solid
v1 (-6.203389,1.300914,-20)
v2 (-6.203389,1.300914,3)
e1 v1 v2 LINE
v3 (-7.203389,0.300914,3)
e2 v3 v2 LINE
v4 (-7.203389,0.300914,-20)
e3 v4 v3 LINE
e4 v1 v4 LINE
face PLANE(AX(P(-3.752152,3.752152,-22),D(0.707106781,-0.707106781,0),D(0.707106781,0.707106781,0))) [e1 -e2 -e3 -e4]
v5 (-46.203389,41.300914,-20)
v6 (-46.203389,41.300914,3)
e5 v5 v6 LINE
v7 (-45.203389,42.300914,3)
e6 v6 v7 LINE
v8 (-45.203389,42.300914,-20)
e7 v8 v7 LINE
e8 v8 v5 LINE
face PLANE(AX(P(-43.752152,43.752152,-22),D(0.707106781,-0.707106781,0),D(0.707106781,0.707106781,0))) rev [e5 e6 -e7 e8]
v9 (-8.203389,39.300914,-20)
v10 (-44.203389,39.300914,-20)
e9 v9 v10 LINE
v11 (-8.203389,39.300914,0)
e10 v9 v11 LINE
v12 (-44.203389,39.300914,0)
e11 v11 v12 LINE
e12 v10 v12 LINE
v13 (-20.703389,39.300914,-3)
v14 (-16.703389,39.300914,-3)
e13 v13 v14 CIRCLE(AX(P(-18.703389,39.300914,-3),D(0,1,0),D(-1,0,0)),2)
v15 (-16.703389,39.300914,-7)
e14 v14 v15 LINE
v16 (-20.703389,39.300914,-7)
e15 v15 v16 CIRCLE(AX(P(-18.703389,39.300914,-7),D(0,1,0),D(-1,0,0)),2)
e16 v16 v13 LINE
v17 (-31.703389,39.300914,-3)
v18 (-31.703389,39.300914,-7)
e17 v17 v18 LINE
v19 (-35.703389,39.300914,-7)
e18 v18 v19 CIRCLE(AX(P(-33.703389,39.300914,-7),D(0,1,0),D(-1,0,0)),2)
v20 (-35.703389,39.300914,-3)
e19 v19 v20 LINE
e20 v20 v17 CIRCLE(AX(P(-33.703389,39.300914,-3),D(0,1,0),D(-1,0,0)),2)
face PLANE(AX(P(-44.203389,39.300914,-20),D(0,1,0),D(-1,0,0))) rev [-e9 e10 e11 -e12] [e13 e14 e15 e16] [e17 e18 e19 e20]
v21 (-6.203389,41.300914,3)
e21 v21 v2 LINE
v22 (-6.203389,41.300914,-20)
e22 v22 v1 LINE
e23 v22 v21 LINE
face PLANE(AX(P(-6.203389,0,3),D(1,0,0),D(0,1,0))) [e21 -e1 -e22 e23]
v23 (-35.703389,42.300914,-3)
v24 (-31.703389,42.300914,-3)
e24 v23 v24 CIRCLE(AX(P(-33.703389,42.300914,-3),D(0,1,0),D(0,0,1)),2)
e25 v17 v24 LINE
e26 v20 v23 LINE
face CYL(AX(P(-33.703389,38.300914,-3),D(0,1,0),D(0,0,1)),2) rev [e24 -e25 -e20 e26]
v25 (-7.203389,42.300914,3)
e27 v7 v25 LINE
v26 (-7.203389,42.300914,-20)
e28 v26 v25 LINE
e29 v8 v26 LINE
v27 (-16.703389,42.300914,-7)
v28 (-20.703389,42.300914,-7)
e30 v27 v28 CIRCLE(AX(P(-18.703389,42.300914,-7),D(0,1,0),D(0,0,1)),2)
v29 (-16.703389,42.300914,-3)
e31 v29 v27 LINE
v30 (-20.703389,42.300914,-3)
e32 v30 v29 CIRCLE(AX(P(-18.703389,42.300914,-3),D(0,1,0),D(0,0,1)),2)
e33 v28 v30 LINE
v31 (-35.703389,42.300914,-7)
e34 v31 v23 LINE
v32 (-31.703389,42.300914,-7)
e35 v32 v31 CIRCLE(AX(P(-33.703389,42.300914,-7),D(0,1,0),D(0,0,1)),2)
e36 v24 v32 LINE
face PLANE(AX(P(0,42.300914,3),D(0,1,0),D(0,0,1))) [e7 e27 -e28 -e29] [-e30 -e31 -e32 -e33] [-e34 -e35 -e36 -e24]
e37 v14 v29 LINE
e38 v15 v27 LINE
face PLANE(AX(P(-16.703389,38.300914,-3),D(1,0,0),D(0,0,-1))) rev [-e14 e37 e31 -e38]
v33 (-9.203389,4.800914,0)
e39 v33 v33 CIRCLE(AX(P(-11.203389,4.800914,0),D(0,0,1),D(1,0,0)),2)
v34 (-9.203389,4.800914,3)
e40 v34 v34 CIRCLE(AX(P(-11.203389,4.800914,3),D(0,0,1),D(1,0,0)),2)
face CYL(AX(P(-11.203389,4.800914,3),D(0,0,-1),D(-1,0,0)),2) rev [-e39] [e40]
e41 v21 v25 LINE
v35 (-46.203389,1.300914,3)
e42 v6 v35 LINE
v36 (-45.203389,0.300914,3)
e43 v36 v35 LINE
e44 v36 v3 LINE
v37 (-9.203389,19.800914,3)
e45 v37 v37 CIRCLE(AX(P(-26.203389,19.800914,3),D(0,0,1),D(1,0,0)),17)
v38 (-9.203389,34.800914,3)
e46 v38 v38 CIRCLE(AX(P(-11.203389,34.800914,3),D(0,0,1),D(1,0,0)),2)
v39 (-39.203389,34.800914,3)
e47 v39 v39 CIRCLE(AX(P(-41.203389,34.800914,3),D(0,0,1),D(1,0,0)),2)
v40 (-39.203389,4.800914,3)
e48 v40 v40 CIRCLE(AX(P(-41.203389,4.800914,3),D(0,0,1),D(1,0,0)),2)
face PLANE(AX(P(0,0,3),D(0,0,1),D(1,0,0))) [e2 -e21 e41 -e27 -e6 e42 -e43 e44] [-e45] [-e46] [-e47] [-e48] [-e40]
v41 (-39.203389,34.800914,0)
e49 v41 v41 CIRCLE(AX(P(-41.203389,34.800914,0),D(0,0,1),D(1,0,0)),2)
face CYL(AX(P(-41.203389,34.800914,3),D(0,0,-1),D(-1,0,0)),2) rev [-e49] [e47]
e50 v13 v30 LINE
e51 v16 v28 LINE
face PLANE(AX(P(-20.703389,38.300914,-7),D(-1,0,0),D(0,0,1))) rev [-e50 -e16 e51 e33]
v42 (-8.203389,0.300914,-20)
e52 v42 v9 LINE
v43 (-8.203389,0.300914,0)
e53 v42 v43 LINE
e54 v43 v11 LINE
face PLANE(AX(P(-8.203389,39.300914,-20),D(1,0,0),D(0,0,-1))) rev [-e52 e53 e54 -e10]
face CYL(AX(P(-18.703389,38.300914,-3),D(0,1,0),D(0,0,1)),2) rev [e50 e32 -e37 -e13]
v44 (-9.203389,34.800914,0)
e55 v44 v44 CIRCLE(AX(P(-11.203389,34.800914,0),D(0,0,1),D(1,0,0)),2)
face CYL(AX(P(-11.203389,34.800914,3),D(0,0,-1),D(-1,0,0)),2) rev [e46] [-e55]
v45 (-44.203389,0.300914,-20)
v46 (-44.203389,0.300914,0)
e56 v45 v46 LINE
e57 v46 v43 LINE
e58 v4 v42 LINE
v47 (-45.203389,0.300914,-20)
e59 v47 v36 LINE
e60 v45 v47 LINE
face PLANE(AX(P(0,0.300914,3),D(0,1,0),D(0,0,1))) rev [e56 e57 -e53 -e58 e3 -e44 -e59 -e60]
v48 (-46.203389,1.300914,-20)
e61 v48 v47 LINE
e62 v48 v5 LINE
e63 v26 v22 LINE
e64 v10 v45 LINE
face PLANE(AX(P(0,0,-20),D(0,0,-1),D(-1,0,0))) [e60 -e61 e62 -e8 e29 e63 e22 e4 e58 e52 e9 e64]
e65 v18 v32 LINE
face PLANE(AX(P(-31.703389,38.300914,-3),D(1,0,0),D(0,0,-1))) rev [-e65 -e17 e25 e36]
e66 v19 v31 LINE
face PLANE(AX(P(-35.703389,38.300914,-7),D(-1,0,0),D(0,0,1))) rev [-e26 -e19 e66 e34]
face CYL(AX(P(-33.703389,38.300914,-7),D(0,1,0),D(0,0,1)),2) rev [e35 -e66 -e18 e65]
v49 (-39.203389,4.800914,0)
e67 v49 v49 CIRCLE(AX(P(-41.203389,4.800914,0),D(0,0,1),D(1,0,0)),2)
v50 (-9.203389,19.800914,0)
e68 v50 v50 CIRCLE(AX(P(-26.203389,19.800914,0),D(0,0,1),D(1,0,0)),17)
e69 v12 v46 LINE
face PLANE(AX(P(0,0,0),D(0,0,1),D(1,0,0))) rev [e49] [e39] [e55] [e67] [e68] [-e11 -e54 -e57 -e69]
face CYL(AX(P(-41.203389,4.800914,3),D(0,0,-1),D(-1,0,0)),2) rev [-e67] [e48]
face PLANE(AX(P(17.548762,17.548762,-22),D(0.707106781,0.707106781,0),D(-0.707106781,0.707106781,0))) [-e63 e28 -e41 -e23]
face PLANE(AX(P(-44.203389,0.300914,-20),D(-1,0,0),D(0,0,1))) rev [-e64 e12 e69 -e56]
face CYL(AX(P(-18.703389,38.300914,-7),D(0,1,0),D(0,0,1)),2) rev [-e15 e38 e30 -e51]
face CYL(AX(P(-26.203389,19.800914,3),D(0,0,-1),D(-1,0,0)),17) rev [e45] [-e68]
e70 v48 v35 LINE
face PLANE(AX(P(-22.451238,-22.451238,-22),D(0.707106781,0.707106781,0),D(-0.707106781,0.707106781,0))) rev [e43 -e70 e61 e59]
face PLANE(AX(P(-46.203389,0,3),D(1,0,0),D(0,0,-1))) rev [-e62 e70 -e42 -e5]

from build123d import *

# Parameters (mm, degrees)
SKETCH_1_W          = 40
SKETCH_1_H          = 42
SKETCH_1_R          = 2
SKETCH_1_R_2        = 17
EXTRUDE_1_DEPTH     = 3
EXTRUDE_2_DEPTH     = 20
CUT_EXTRUDE_1_DEPTH = 25
CUT_EXTRUDE_2_DEPTH = 4


with BuildPart() as part:
    # 草图1 → 凸台-拉伸1 (new body)
    with BuildSketch(Plane.XY):
        with Locations((-26.203389279, 21.300914244)):
            Rectangle(SKETCH_1_W, SKETCH_1_H)
        with Locations((-41.203389279, 34.800914244)):
            Circle(SKETCH_1_R, mode=Mode.SUBTRACT)
        with Locations((-11.203389279, 34.800914244)):
            Circle(SKETCH_1_R, mode=Mode.SUBTRACT)
        with Locations((-41.203389279, 4.800914244)):
            Circle(SKETCH_1_R, mode=Mode.SUBTRACT)
        with Locations((-11.203389279, 4.800914244)):
            Circle(SKETCH_1_R, mode=Mode.SUBTRACT)
        with Locations((-26.203389279, 19.800914244)):
            Circle(SKETCH_1_R_2, mode=Mode.SUBTRACT)
    extrude(amount=EXTRUDE_1_DEPTH)

    # 草图2 → 凸台-拉伸2 (add)
    with BuildSketch(Plane(origin=(0, 0, 0), x_dir=(-1, 0, 0), z_dir=(0, 0, -1))):
        Polygon((6.203389279, 42.300914244), (46.203389279, 42.300914244), (46.203389279, 0.300914244), (44.203389279, 0.300914244), (44.203389279, 39.300914244), (8.203389279, 39.300914244), (8.203389279, 0.300914244), (6.203389279, 0.300914244), align=None)
    extrude(amount=EXTRUDE_2_DEPTH)

    # 草图3 → 切除-拉伸1 (cut)
    with BuildSketch(Plane.XY.offset(3)):
        Polygon((-45.203389279, 42.300914244), (-46.203389279, 42.300914244), (-46.203389279, 41.300914244), align=None)
        Polygon((-6.203389279, 42.300914244), (-7.203389279, 42.300914244), (-6.203389279, 41.300914244), align=None)
        Polygon((-45.203389279, 0.300914244), (-46.203389279, 1.300914244), (-46.203389279, 0.300914244), align=None)
        Polygon((-6.203389279, 0.300914244), (-6.203389279, 1.300914244), (-7.203389279, 0.300914244), align=None)
    extrude(amount=-CUT_EXTRUDE_1_DEPTH, mode=Mode.SUBTRACT)

    # 草图5 → 切除-拉伸2 (cut)
    with BuildSketch(Plane(origin=(0, 42.300914244, 0), x_dir=(1, 0, 0), z_dir=(0, 1, 0))):
        with BuildLine():
            Line((-35.703389279, 7), (-35.703389279, 3))
            ThreePointArc((-35.703389279, 3), (-33.703389279, 1), (-31.703389279, 3))
            Line((-31.703389279, 3), (-31.703389279, 7))
            ThreePointArc((-31.703389279, 7), (-33.703389279, 9), (-35.703389279, 7))
        make_face()
        with BuildLine():
            Line((-20.703389279, 7), (-20.703389279, 3))
            ThreePointArc((-20.703389279, 3), (-18.703389279, 1), (-16.703389279, 3))
            Line((-16.703389279, 3), (-16.703389279, 7))
            ThreePointArc((-16.703389279, 7), (-18.703389279, 9), (-20.703389279, 7))
        make_face()
    extrude(amount=-CUT_EXTRUDE_2_DEPTH, mode=Mode.SUBTRACT)


solid = part.part
